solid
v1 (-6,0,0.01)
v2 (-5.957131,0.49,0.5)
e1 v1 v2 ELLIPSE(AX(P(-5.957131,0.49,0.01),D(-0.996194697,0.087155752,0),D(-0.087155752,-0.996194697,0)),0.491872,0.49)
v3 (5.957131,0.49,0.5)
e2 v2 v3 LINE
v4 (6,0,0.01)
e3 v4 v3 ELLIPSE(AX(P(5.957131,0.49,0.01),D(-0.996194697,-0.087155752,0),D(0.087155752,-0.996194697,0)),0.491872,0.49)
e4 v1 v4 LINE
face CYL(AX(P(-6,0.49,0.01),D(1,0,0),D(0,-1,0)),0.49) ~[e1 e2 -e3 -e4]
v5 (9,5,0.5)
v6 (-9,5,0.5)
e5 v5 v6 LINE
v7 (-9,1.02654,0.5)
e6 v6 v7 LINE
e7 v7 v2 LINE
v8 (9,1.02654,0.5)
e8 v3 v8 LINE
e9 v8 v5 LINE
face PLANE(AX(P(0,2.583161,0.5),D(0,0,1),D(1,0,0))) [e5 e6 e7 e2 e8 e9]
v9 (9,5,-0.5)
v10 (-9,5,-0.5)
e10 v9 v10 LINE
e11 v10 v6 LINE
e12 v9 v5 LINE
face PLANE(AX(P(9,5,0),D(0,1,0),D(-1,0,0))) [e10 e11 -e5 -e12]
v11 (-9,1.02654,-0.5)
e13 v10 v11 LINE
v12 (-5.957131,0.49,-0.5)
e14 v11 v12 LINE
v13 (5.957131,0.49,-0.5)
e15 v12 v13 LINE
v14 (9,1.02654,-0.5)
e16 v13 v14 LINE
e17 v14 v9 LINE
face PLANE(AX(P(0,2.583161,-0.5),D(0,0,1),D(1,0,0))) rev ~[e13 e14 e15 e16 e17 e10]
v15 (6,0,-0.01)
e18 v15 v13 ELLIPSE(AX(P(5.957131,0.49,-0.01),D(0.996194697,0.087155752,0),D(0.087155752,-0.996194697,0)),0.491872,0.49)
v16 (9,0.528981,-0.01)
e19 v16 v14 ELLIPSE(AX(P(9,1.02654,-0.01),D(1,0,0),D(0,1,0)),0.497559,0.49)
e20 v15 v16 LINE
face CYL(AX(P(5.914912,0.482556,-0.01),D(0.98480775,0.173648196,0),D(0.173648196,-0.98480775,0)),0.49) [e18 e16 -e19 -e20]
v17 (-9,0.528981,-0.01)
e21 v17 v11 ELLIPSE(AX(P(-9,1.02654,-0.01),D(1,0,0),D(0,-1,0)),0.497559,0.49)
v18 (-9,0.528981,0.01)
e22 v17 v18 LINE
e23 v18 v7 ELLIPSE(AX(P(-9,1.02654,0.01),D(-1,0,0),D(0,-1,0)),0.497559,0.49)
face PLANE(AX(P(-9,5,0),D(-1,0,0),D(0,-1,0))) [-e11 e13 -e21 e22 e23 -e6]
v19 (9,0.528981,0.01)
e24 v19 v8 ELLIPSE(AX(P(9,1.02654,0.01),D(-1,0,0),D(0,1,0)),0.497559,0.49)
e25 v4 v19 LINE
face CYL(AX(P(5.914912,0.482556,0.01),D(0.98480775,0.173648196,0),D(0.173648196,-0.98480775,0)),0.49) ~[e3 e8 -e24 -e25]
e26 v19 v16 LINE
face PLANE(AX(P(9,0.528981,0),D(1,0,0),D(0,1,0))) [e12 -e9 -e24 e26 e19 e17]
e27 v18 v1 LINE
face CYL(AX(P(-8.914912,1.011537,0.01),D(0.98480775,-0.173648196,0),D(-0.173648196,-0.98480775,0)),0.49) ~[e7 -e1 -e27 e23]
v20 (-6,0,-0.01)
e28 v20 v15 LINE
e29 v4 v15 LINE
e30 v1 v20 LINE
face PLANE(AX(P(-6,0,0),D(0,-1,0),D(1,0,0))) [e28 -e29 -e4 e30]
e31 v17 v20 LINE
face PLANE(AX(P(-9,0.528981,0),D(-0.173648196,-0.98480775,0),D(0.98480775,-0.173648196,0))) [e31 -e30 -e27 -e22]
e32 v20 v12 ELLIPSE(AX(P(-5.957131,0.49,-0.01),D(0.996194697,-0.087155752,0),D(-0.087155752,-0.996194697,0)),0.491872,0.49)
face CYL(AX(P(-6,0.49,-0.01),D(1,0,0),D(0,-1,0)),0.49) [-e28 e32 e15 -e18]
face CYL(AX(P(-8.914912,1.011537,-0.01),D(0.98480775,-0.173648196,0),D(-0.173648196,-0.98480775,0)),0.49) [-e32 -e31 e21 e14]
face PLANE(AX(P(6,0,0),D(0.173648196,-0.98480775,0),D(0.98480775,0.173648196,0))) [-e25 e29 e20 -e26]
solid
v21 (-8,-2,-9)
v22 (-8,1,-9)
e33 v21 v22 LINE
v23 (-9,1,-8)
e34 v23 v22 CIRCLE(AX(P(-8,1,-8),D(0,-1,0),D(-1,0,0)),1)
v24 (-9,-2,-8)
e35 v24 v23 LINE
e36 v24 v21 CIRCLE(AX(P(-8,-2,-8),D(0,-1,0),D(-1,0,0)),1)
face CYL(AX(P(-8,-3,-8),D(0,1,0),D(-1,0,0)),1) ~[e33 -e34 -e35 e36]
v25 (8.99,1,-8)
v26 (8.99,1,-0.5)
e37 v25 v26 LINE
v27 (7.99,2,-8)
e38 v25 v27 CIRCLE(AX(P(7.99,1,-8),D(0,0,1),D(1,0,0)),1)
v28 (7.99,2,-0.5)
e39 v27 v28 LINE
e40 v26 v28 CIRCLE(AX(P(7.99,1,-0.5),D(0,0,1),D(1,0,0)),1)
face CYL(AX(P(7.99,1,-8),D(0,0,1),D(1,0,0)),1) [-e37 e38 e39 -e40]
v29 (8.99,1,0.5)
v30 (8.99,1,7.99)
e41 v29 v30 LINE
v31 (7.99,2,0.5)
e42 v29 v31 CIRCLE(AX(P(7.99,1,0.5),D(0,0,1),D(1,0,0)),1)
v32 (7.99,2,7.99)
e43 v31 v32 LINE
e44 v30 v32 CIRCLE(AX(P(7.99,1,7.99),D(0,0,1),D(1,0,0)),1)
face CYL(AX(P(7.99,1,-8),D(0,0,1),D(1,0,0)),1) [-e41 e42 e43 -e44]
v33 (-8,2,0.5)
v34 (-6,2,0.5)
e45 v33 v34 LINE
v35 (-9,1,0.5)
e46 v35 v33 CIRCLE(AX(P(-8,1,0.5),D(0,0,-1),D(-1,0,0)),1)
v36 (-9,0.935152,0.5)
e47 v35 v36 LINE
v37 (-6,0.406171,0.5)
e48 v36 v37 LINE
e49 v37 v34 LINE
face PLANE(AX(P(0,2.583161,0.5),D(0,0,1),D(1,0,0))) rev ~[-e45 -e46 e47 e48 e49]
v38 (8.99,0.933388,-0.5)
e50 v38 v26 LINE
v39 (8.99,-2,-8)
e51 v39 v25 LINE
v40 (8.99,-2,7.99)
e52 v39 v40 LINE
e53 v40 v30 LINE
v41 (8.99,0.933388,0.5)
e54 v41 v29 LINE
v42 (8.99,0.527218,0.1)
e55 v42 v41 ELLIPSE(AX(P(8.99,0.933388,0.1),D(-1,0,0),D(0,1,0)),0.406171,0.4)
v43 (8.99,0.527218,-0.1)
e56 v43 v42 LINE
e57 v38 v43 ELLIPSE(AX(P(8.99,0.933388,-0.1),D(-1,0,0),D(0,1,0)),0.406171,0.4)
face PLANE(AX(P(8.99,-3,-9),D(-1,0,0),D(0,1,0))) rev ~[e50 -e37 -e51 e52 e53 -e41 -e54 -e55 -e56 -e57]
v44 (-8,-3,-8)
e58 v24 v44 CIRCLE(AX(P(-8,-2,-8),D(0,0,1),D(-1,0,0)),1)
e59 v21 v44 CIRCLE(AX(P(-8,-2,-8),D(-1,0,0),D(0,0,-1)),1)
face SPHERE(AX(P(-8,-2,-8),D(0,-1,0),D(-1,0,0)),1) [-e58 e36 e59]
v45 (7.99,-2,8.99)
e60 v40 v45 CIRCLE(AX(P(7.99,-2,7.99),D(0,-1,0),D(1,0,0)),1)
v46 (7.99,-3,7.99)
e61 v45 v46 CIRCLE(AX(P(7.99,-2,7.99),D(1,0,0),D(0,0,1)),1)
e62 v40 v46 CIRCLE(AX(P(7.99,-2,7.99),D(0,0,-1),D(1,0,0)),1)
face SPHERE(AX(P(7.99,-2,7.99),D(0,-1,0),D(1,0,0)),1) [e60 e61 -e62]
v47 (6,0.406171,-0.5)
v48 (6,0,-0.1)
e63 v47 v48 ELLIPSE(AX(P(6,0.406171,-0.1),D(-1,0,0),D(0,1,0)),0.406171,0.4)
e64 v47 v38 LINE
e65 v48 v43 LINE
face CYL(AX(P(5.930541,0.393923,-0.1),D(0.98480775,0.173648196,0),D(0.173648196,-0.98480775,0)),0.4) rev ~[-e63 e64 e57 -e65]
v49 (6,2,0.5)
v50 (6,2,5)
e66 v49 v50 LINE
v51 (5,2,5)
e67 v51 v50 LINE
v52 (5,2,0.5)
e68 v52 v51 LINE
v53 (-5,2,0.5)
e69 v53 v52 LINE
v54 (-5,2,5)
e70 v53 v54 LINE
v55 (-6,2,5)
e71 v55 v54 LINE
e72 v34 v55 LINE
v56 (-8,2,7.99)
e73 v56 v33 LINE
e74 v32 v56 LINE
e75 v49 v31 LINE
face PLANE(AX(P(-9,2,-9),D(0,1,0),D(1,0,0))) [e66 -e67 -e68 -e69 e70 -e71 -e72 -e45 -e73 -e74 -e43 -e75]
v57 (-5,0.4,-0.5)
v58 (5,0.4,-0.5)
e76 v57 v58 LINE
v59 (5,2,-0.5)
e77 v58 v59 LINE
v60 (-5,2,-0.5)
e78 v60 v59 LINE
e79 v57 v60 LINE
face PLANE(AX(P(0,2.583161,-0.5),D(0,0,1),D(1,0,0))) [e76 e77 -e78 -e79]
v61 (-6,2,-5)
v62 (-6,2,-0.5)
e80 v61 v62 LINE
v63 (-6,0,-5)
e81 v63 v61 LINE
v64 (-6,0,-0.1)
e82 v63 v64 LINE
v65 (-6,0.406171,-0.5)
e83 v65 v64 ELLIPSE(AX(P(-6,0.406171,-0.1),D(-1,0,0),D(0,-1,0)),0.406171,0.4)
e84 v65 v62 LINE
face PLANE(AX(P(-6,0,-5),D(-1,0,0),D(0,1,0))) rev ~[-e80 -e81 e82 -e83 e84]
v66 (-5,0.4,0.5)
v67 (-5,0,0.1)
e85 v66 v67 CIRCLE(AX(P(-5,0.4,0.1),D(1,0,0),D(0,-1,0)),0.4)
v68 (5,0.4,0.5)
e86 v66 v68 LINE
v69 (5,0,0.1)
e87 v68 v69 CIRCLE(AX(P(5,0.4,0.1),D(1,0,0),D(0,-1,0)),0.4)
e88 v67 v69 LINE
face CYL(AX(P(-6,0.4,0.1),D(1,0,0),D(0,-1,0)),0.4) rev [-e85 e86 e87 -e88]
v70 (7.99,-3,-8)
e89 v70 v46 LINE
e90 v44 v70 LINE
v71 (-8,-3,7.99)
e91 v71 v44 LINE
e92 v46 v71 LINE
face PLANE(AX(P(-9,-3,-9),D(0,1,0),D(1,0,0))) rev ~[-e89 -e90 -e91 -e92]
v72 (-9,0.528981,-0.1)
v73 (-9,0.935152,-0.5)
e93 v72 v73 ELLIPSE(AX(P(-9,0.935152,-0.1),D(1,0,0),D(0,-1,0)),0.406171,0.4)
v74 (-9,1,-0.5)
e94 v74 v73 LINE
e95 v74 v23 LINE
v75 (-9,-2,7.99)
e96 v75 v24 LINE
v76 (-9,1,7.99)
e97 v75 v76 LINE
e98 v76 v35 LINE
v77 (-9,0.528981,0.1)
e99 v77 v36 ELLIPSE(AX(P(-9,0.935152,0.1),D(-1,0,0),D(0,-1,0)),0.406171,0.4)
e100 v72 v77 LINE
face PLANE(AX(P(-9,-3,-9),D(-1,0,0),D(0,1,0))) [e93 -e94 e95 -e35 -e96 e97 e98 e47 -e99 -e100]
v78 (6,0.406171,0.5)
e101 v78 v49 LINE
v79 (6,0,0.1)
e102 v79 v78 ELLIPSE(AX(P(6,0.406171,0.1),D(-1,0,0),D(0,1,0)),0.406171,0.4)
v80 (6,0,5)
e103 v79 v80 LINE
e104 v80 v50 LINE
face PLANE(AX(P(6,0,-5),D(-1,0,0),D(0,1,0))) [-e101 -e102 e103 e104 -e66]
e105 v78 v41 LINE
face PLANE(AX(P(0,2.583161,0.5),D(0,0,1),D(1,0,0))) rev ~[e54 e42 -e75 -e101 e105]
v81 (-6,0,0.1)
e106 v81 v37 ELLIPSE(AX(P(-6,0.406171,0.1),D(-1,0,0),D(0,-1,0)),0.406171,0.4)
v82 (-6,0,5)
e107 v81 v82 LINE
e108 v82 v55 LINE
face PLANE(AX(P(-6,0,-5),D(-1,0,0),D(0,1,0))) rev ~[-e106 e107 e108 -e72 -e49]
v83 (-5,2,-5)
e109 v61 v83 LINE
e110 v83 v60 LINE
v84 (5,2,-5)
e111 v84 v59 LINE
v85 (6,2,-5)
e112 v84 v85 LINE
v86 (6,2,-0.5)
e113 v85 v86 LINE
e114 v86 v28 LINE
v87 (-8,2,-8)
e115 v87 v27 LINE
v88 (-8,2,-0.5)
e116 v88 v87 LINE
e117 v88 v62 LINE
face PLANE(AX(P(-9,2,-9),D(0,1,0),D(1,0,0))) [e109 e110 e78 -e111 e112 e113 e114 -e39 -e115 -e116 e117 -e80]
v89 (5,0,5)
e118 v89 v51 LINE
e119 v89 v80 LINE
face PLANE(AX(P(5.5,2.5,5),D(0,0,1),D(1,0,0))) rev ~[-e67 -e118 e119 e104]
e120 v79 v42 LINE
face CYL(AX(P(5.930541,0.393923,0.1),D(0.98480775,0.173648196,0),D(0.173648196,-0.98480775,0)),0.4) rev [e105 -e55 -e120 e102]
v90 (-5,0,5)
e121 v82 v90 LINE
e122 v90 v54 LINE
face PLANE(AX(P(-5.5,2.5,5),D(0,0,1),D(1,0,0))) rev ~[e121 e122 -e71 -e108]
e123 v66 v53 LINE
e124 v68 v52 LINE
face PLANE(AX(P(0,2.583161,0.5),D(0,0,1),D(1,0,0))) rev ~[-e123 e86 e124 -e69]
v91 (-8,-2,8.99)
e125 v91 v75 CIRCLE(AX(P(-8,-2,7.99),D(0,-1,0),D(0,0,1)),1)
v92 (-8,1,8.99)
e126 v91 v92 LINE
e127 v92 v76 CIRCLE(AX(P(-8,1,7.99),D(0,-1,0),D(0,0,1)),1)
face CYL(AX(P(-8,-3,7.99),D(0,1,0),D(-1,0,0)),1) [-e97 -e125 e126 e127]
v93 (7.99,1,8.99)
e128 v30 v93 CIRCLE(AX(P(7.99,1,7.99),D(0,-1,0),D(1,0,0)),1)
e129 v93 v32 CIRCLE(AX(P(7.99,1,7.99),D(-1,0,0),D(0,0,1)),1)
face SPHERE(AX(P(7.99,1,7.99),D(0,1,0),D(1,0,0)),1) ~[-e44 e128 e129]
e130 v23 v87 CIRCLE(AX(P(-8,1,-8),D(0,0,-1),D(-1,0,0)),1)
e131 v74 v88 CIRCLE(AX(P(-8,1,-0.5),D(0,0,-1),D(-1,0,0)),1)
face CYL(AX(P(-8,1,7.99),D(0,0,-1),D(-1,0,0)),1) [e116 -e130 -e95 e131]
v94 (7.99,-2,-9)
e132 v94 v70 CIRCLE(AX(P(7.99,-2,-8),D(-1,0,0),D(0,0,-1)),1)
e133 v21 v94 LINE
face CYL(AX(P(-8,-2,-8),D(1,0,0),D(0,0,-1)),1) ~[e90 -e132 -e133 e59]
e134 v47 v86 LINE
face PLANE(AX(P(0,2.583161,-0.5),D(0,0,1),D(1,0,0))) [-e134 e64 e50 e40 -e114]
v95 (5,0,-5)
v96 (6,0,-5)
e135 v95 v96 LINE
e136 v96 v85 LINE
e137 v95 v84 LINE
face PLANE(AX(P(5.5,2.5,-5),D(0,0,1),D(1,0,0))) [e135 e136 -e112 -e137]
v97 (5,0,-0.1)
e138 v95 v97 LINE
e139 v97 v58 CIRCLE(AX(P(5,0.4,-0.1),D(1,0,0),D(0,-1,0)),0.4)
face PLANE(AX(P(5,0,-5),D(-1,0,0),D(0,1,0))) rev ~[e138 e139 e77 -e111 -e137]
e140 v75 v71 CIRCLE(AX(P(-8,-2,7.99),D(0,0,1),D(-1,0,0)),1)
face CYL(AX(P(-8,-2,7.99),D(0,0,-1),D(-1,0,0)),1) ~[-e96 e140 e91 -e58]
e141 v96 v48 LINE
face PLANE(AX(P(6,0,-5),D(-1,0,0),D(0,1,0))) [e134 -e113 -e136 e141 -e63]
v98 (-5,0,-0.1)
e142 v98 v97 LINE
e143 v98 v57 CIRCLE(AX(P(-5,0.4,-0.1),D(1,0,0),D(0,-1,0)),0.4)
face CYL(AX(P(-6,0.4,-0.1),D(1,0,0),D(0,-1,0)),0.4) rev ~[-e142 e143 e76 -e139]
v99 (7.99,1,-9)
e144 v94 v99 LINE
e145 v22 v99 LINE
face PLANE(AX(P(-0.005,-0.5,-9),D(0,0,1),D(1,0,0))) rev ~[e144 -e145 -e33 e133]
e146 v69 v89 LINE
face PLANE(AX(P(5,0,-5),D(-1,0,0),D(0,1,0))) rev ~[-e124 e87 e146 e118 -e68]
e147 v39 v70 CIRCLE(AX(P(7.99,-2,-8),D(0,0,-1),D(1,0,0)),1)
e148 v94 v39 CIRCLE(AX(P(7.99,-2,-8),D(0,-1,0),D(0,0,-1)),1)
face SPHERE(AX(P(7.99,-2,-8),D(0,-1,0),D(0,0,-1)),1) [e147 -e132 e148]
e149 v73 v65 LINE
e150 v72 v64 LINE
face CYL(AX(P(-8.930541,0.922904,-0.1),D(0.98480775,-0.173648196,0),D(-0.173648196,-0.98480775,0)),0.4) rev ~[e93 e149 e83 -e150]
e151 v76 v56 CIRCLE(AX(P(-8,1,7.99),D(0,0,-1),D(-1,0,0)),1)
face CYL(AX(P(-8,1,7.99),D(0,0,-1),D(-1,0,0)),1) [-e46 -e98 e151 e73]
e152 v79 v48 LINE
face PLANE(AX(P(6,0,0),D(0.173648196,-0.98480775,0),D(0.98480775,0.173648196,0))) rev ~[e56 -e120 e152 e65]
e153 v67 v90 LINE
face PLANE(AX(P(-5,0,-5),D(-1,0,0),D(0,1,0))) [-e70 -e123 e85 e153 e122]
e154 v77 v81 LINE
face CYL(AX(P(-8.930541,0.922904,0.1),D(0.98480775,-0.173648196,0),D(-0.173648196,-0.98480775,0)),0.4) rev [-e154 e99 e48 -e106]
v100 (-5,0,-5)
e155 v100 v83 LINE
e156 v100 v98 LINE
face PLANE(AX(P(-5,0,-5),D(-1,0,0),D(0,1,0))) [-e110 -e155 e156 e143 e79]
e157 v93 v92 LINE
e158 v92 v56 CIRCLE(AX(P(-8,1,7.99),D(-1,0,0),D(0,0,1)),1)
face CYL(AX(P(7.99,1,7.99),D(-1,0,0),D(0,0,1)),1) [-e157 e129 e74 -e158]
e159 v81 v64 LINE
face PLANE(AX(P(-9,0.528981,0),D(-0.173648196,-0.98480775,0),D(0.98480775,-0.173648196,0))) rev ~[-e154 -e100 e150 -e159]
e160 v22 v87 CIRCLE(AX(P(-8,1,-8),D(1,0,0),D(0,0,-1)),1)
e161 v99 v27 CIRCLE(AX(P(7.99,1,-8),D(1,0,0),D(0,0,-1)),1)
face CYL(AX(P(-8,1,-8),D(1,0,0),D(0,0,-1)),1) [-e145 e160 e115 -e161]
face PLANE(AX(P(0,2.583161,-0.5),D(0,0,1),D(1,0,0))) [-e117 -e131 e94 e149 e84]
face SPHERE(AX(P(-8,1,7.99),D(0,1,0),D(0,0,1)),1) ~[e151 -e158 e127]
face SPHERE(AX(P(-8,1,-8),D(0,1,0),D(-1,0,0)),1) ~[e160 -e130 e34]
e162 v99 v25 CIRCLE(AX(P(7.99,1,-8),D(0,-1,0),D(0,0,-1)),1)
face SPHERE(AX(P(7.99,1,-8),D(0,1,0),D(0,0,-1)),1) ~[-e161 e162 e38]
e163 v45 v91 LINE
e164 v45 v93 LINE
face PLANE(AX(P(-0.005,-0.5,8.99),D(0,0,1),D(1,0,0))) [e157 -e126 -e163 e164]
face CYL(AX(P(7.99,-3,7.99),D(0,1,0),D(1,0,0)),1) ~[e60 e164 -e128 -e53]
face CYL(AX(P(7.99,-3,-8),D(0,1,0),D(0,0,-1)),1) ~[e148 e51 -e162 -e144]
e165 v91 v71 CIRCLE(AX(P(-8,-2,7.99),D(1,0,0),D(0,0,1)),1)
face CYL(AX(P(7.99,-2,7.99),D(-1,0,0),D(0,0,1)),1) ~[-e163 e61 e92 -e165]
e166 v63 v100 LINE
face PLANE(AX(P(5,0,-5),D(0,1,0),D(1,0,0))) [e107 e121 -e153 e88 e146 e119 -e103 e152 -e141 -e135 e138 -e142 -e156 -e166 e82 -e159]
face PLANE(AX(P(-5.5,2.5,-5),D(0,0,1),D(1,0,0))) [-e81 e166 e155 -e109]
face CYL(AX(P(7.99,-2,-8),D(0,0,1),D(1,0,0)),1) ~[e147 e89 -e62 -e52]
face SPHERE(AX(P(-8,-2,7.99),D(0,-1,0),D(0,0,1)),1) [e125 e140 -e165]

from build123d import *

# Parameters (mm, degrees)
PAD_DEPTH    = 0.5
FILLET006_R  = 0.49
BOX001_W     = 1
BOX001_H     = 5
BOX001_DEPTH = 10
FILLET_R     = 0.4
BOX002_W     = 1
BOX002_H     = 5
BOX002_DEPTH = 10
BOX_W        = 17.99
BOX_H        = 5
BOX_DEPTH    = 17.99
FILLET002_R  = 1
FILLET003_R  = 1
FILLET004_R  = 1
FILLET005_R  = 1


with BuildPart() as pad:
    # Sketch → Pad (new body, symmetric)
    with BuildSketch(Plane.XY):
        Polygon((9, 0.528981), (9, 5), (-9, 5), (-9, 0.528981), (-6, 0), (6, 0), align=None)
    extrude(amount=PAD_DEPTH, both=True)


with BuildPart() as fillet006:
    # Fillet006 base: copy of Pad
    add(pad.part)

    # Fillet006
    fillet006_edges = [fillet006.edges().sort_by_distance(p)[0] for p in [
        (-7.5, 0.26449, -0.5),
        (-7.5, 0.26449, 0.5),
        (0, 0, 0.5),
        (0, 0, -0.5),
        (7.5, 0.26449, 0.5),
        (7.5, 0.26449, -0.5),
    ]]
    fillet(fillet006_edges, radius=FILLET006_R)


with BuildPart() as cube001:
    # Box001 → Box001 (new body)
    with BuildSketch(Plane(origin=(-6, 0, -5), x_dir=(1, 0, 0), z_dir=(0, 0, 1))):
        with Locations((0.5, 2.5)):
            Rectangle(BOX001_W, BOX001_H)
    extrude(amount=BOX001_DEPTH)


with BuildPart() as fillet_body:
    # Fillet base: copy of Pad
    add(pad.part)

    # Fillet
    fillet_edges = [fillet_body.edges().sort_by_distance(p)[0] for p in [
        (-7.5, 0.26449, 0.5),
        (-7.5, 0.26449, -0.5),
        (0, 0, 0.5),
        (0, 0, -0.5),
        (7.5, 0.26449, 0.5),
        (7.5, 0.26449, -0.5),
    ]]
    fillet(fillet_edges, radius=FILLET_R)


with BuildPart() as fusion:
    # Box002 → Box002 (new body)
    with BuildSketch(Plane(origin=(5, 0, -5), x_dir=(1, 0, 0), z_dir=(0, 0, 1))):
        with Locations((0.5, 2.5)):
            Rectangle(BOX002_W, BOX002_H)
    extrude(amount=BOX002_DEPTH)

    # Fusion: union Cube001, Fillet body
    add(cube001.part)
    add(fillet_body.part)


with BuildPart() as cut:
    # Box → Box (new body)
    with BuildSketch(Plane(origin=(-9, -3, -9), x_dir=(1, 0, 0), z_dir=(0, 0, 1))):
        with Locations((8.995, 2.5)):
            Rectangle(BOX_W, BOX_H)
    extrude(amount=BOX_DEPTH)

    # Fillet002
    fillet002_edges = [cut.edges().sort_by_distance(p)[0] for p in [
        (-9, -0.5, -9),
        (-9, -0.5, 8.99),
        (8.99, -0.5, 8.99),
    ]]
    fillet(fillet002_edges, radius=FILLET002_R)

    # Fillet003
    fillet003_edges = [cut.edges().sort_by_distance(p)[0] for p in [
        (8.99, -0.5, -9),
    ]]
    fillet(fillet003_edges, radius=FILLET003_R)

    # Fillet004
    fillet004_edges = [cut.edges().sort_by_distance(p)[0] for p in [
        (-0.005, 2, -9),
        (8.697107, 2, -8.707107),
        (-8.707107, 2, -8.707107),
        (8.99, 2, -0.005),
        (-9, 2, -0.005),
        (8.697107, 2, 8.697107),
        (-8.707107, 2, 8.697107),
        (-0.005, 2, 8.99),
    ]]
    fillet(fillet004_edges, radius=FILLET004_R)

    # Fillet005
    fillet005_edges = [cut.edges().sort_by_distance(p)[0] for p in [
        (-0.005, -3, -9),
        (8.697107, -3, -8.707107),
        (-8.707107, -3, -8.707107),
        (8.99, -3, -0.005),
        (-9, -3, -0.005),
        (8.697107, -3, 8.697107),
        (-8.707107, -3, 8.697107),
        (-0.005, -3, 8.99),
    ]]
    fillet(fillet005_edges, radius=FILLET005_R)

    # Cut: cut Fusion
    add(fusion.part, mode=Mode.SUBTRACT)


solid = Compound([fillet006.part, cut.part])
